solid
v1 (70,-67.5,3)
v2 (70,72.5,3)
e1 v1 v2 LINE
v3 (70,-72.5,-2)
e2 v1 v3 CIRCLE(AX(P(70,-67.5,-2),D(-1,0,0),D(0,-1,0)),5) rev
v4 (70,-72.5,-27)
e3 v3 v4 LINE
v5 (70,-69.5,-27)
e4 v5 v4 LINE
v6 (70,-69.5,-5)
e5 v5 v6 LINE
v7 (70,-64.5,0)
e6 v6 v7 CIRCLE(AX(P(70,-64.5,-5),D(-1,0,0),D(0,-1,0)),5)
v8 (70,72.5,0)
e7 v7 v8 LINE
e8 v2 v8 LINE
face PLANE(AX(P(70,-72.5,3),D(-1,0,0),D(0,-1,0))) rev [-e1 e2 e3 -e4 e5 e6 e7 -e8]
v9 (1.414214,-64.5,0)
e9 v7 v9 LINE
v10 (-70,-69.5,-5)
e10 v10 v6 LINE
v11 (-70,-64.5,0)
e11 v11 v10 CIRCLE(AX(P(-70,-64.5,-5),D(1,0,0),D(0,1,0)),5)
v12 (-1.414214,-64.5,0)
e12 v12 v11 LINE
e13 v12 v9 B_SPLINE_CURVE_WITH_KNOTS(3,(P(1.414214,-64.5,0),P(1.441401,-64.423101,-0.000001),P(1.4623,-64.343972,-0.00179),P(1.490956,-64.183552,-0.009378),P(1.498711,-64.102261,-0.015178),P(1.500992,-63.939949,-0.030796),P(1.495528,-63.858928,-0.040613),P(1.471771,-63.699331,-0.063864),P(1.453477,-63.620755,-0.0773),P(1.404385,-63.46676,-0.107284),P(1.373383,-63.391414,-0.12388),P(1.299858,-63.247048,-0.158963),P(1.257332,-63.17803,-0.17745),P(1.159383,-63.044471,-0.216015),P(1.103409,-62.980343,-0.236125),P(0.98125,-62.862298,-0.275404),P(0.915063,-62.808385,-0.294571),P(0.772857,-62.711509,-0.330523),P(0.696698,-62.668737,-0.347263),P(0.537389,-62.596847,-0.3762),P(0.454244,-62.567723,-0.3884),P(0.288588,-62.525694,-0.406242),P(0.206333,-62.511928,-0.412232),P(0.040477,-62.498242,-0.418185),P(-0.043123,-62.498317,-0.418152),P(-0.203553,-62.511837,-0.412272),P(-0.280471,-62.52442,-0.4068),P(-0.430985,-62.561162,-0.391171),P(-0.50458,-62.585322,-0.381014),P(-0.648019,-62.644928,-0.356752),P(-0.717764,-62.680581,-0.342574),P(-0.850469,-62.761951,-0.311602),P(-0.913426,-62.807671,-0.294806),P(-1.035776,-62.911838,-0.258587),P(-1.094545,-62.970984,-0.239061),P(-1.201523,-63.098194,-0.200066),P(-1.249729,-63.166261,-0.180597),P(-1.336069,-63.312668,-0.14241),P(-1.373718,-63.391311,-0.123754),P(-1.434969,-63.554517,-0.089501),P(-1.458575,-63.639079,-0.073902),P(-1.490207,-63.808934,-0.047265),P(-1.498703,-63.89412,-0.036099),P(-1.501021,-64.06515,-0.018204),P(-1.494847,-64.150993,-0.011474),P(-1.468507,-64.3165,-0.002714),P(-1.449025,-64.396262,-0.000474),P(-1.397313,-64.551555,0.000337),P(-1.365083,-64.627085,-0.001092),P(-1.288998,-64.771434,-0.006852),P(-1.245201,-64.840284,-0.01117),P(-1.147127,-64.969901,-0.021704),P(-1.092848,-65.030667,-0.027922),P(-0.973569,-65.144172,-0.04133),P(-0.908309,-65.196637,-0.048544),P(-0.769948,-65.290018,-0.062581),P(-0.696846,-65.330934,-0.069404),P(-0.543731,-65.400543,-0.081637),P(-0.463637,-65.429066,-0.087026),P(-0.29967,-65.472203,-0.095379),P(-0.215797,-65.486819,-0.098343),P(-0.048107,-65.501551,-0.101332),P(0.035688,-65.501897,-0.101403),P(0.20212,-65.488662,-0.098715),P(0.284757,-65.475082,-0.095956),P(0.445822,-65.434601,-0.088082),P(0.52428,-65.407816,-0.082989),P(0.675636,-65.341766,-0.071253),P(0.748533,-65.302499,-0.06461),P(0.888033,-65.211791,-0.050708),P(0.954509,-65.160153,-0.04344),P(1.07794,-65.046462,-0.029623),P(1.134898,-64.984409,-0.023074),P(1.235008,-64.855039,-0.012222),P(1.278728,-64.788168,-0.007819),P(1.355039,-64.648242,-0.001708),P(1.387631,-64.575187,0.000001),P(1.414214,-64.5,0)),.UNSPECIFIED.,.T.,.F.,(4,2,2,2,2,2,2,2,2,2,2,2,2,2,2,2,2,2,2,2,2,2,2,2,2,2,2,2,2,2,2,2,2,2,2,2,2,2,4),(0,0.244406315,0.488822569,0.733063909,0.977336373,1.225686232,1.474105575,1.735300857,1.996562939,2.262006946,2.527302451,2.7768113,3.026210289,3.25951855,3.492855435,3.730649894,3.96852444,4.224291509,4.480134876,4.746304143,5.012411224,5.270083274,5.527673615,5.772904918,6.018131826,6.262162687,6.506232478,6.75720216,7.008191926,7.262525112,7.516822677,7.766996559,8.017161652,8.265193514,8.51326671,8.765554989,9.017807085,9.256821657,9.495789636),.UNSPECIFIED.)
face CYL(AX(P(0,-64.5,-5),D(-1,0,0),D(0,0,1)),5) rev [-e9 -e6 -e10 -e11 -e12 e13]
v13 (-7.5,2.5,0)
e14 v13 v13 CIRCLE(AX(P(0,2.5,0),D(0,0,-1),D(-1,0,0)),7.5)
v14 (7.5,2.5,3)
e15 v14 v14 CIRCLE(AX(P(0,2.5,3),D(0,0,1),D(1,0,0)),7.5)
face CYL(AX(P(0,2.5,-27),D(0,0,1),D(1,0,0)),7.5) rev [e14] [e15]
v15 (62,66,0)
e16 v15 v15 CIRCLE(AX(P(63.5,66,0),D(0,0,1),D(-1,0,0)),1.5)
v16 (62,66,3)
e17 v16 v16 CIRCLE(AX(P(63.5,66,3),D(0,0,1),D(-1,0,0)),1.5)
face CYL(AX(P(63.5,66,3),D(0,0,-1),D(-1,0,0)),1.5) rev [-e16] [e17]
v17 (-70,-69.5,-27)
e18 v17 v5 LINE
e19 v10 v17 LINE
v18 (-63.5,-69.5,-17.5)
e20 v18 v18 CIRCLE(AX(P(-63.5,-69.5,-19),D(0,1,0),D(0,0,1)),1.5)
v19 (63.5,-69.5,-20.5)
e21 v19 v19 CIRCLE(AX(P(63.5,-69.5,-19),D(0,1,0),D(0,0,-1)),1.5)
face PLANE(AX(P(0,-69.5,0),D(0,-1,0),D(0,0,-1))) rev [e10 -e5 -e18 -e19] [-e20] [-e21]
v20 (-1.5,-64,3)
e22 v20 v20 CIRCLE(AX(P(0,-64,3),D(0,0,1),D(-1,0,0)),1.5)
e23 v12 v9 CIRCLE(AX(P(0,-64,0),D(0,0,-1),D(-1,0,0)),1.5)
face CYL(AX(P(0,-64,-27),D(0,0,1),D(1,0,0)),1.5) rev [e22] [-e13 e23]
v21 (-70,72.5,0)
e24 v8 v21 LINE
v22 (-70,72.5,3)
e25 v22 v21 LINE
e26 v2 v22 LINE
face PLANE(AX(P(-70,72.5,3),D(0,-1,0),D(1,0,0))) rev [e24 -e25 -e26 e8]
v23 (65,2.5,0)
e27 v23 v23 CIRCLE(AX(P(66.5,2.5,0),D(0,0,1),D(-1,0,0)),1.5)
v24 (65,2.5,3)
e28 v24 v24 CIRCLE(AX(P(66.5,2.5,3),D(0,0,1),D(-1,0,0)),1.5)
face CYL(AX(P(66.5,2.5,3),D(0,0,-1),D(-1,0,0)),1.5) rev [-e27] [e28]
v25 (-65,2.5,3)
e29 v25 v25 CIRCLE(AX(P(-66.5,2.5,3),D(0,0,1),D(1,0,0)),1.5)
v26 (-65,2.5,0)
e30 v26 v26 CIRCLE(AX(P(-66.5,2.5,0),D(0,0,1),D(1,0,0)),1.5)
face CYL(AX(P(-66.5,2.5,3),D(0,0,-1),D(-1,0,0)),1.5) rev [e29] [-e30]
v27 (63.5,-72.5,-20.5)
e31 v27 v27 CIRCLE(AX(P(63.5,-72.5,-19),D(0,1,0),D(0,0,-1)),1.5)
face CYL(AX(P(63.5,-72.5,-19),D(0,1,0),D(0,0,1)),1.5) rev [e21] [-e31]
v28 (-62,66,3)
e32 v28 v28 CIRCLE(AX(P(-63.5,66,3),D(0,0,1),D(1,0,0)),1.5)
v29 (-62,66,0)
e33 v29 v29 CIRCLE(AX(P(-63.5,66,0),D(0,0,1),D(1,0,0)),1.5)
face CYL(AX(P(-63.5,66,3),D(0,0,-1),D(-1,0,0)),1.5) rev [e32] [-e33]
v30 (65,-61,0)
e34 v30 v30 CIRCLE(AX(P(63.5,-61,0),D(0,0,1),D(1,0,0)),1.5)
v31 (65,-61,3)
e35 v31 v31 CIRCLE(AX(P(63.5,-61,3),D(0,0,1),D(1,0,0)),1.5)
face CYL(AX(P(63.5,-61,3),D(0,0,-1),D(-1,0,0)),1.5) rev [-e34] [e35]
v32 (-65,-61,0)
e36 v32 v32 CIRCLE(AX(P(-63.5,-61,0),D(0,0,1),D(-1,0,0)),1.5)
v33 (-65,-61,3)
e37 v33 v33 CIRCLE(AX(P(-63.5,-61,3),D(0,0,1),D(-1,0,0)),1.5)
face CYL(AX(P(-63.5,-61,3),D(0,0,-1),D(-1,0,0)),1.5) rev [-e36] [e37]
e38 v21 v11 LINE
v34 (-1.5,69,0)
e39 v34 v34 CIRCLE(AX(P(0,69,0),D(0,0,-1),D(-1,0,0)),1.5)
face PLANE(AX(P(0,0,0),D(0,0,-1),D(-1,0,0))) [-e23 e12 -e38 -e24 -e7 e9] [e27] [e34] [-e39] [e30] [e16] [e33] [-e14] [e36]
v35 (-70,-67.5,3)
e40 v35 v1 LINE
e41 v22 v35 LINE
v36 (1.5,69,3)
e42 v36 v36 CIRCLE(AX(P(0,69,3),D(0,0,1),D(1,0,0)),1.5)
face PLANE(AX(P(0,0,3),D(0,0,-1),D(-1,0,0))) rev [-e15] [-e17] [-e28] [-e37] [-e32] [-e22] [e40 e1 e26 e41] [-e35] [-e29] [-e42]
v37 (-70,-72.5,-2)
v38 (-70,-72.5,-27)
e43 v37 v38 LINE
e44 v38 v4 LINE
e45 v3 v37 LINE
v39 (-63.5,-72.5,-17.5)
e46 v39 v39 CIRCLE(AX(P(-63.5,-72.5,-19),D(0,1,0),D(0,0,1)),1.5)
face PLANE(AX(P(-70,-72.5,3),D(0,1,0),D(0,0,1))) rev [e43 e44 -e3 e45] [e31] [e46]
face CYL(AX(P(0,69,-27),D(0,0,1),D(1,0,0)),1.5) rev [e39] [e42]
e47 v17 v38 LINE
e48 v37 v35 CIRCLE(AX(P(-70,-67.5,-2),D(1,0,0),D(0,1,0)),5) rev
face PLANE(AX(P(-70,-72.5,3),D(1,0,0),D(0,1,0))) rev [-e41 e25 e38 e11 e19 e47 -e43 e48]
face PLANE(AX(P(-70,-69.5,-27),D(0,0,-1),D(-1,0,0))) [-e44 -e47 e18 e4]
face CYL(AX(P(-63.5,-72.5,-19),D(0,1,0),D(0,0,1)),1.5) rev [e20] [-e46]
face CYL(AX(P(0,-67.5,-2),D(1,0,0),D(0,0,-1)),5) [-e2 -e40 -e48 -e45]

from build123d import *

# Parameters (mm, degrees)
SKICA1_W                 = 140
SKICA1_H                 = 145
SKICA1_R                 = 1.5
P_IDAT_VYSUNUT_M1_DEPTH  = 3
SKICA2_W                 = 140
SKICA2_H                 = 30
P_IDAT_VYSUNUT_M2_DEPTH  = 3
SKICA3_R                 = 1.5
ODEBRAT_VYSUNUT_M1_DEPTH = 161.601992516
ZAOBLIT1_R               = 5
SKICA4_R                 = 7.5
SKICA4_R_2               = 1.5
ODEBRAT_VYSUNUT_M2_DEPTH = 106.148704224


with BuildPart() as part:
    # Skica1 → Přidat vysunutím1 (new body)
    with BuildSketch(Plane.XY):
        Rectangle(SKICA1_W, SKICA1_H)
        with Locations((-63.5, 66)):
            Circle(SKICA1_R, mode=Mode.SUBTRACT)
        with Locations((-66.5, 2.5)):
            Circle(SKICA1_R, mode=Mode.SUBTRACT)
        with Locations(Location((63.5, 66, 0), (0, 0, 180))):
            Circle(SKICA1_R, mode=Mode.SUBTRACT)
        with Locations(Location((66.5, 2.5, 0), (0, 0, 180))):
            Circle(SKICA1_R, mode=Mode.SUBTRACT)
        with Locations((63.5, -61)):
            Circle(SKICA1_R, mode=Mode.SUBTRACT)
        with Locations(Location((-63.5, -61, 0), (0, 0, 180))):
            Circle(SKICA1_R, mode=Mode.SUBTRACT)
    extrude(amount=P_IDAT_VYSUNUT_M1_DEPTH)

    # Skica2 → Přidat vysunutím2 (add)
    with BuildSketch(Plane.XZ.offset(72.5)):
        with Locations((0, -12)):
            Rectangle(SKICA2_W, SKICA2_H)
    extrude(amount=-P_IDAT_VYSUNUT_M2_DEPTH)

    # Skica3 → Odebrat vysunutím1 (cut, through all)
    with BuildSketch(Plane(origin=(0, -69.5, 0), x_dir=(1, 0, 0), z_dir=(0, 1, 0))):
        with Locations(Location((-63.5, 19, 0), (0, 0, 270))):
            Circle(SKICA3_R)
        with Locations(Location((63.5, 19, 0), (0, 0, 90))):
            Circle(SKICA3_R)
    extrude(amount=-ODEBRAT_VYSUNUT_M1_DEPTH, mode=Mode.SUBTRACT)

    # Zaoblit1
    zaoblit1_edges = [part.edges().sort_by_distance(p)[0] for p in [
        (0, -72.5, 3),
        (0, -69.5, 0),
    ]]
    fillet(zaoblit1_edges, radius=ZAOBLIT1_R)

    # Skica4 → Odebrat vysunutím2 (cut, through all)
    with BuildSketch(Plane.XY.offset(3)):
        with Locations((0, 2.5)):
            Circle(SKICA4_R)
        with Locations((0, 69)):
            Circle(SKICA4_R_2)
        with Locations(Location((0, -64, 0), (0, 0, 340.528779366))):
            Circle(SKICA4_R_2)
    extrude(amount=-ODEBRAT_VYSUNUT_M2_DEPTH, mode=Mode.SUBTRACT)


solid = part.part
